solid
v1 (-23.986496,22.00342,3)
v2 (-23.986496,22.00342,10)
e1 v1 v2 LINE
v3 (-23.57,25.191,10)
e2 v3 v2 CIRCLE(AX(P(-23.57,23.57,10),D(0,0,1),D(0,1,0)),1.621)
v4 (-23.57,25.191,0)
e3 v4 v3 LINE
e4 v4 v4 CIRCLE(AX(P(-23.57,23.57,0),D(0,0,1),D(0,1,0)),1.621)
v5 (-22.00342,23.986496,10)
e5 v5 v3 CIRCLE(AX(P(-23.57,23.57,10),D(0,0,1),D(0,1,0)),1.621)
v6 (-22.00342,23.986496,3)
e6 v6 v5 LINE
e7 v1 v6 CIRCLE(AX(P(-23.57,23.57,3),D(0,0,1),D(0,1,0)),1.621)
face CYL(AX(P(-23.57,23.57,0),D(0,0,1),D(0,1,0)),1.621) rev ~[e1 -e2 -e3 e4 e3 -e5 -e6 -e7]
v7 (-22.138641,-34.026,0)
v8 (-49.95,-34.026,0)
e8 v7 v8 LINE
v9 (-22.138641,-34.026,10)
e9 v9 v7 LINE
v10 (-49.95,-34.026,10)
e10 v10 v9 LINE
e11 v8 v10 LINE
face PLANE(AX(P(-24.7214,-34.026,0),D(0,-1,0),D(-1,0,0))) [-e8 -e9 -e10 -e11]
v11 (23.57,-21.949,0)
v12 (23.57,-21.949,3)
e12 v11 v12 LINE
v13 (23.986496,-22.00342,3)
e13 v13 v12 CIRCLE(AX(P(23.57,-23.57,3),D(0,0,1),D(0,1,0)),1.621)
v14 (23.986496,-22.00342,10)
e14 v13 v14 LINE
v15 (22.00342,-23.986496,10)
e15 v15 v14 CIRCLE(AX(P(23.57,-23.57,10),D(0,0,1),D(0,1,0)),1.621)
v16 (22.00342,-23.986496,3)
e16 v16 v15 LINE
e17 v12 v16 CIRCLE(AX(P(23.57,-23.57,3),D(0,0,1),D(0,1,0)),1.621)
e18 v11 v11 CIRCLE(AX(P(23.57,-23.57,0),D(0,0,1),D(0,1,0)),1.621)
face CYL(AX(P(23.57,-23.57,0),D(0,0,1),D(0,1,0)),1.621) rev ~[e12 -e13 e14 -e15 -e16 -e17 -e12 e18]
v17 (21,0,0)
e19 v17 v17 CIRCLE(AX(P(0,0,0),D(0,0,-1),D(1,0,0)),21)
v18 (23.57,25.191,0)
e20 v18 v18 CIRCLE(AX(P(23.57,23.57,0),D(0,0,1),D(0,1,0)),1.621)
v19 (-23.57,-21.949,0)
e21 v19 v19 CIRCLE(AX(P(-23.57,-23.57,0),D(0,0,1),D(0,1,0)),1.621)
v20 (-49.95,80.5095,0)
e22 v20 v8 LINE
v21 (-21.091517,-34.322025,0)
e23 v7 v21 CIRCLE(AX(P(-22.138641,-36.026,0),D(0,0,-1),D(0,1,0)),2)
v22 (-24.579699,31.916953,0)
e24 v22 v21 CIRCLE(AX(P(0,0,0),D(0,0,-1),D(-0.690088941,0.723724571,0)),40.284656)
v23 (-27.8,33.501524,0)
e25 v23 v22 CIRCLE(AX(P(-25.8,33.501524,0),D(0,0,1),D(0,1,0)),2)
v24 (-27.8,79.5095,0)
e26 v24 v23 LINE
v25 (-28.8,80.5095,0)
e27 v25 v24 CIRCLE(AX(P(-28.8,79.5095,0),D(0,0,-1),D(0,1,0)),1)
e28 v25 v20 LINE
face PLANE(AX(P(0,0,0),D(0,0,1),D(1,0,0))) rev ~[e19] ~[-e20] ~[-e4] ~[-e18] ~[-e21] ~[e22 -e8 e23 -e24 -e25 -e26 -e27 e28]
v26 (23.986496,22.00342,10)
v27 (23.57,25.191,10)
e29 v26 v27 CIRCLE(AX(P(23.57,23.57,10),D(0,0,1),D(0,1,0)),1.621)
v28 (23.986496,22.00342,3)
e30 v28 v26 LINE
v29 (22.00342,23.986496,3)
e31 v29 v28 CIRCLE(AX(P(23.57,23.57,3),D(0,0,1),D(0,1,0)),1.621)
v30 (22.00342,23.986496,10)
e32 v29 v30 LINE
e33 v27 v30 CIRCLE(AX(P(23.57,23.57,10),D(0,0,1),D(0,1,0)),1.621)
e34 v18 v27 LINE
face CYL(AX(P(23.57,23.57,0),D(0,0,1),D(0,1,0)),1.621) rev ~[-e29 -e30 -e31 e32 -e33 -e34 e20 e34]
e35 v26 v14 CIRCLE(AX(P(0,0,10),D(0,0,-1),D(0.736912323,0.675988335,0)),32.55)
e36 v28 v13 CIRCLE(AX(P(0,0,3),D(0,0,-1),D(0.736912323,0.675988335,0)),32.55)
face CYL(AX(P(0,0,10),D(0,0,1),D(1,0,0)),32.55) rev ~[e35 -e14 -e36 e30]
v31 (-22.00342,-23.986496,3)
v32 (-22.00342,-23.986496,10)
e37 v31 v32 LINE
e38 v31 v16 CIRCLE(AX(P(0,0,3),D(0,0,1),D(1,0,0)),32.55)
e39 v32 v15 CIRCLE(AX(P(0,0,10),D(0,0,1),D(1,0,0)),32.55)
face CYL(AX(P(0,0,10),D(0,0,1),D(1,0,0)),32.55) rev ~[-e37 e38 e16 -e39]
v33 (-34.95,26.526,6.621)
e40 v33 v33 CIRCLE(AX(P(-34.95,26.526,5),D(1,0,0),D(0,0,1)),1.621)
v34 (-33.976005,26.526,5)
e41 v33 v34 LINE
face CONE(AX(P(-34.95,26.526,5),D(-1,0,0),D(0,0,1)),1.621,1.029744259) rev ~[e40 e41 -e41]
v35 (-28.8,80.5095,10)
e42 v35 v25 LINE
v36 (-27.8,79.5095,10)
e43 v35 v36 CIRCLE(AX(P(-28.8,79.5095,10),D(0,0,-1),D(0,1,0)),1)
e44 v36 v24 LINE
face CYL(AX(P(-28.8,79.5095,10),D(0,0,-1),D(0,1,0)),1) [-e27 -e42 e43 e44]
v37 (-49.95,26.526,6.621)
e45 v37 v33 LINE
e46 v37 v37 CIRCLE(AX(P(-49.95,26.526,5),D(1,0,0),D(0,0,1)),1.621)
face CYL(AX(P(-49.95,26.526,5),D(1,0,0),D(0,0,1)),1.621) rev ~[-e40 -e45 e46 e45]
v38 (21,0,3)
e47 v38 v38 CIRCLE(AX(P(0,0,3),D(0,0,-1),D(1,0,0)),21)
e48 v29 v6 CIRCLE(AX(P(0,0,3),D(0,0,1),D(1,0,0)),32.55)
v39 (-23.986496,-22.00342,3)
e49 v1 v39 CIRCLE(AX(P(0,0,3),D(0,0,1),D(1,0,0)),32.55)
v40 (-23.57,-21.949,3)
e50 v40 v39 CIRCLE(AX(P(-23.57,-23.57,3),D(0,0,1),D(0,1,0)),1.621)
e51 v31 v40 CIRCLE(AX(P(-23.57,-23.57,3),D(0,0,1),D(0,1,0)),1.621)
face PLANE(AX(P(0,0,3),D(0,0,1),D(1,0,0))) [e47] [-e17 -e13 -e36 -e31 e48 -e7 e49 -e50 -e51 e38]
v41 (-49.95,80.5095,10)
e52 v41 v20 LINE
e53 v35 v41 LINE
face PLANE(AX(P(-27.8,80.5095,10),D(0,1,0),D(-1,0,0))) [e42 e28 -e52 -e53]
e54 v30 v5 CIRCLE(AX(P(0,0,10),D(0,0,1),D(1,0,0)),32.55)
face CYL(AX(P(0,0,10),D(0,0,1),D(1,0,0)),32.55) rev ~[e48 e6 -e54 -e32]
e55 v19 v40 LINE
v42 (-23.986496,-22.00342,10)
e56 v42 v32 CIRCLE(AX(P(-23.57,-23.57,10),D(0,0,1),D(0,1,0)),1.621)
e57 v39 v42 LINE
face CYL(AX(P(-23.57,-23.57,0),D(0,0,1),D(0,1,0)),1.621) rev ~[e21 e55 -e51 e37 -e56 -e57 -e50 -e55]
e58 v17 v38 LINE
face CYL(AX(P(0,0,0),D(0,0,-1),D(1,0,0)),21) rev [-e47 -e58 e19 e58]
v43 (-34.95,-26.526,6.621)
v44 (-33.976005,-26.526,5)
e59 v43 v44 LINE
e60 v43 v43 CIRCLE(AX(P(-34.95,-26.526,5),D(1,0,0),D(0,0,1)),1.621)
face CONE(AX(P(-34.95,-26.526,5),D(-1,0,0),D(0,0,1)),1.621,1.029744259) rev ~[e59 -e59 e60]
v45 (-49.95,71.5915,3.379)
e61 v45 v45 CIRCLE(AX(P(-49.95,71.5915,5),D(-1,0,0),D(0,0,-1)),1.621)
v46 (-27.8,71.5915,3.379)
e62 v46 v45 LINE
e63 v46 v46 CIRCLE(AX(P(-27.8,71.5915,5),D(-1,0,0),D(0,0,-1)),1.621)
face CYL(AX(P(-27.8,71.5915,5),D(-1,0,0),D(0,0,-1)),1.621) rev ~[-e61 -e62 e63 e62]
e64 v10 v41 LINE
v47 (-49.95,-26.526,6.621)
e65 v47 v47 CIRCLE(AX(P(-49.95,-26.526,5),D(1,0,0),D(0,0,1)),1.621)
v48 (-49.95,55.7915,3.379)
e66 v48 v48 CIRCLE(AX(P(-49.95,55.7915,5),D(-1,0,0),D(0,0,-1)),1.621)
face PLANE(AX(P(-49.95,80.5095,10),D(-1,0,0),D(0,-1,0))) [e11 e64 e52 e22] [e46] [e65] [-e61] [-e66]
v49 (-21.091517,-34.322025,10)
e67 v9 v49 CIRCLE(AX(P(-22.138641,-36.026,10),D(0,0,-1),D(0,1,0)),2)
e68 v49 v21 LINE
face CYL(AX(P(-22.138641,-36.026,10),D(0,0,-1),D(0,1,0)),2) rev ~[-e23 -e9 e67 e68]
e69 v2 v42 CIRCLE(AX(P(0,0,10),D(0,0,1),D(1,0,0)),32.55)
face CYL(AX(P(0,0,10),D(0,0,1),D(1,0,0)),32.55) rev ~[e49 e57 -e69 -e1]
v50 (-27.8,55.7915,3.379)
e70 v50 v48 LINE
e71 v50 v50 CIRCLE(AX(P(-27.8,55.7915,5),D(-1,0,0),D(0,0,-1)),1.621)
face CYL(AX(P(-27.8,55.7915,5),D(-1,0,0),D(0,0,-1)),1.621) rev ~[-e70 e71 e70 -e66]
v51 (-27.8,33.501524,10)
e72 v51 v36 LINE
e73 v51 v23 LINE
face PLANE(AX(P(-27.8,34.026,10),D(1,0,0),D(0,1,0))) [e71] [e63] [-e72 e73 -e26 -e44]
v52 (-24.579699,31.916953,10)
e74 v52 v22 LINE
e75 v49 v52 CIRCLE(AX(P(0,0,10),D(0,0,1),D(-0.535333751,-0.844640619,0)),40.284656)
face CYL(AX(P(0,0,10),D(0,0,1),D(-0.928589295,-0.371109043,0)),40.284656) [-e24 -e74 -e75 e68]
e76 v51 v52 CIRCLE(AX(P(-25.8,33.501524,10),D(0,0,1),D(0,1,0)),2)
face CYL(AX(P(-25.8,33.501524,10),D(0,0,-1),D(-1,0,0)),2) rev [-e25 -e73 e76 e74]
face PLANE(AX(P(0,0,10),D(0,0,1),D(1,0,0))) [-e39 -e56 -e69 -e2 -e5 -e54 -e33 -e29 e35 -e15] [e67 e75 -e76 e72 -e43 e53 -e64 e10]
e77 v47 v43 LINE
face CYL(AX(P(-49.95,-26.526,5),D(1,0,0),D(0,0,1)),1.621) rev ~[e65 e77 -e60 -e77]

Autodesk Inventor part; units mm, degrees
ref_plane "YZ Plane" through (0, 0, 0) normal (1, 0, 0) x (0, 1, 0)
ref_plane "XZ Plane" through (0, 0, 0) normal (0, 1, 0) x (-1, 0, 0)
ref_plane "Work Plane1" through (0, 0, 0) normal (0, 0, 1) x (1, 0, 0)
sketch "Sketch1" plane through (0, 0, 0) normal (0, 0, 1) x (1, 0, 0)
  circle A0 centre (0, 0) radius 21 projected
  circle A1 centre (23.57, -23.57) radius 2 projected
  circle A2 centre (23.57, 23.57) radius 2 projected
  circle A3 centre (-23.57, -23.57) radius 2.5 projected
  circle A4 centre (-23.57, 23.57) radius 2 projected
  circle A5 centre (-23.57, -23.57) radius 2 projected
  circle A6 centre (0, 0) radius 19 projected
  circle A7 centre (-23.57, 23.57) radius 2.5 projected
  circle A8 centre (-23.57, -23.57) radius 2.5 projected
  arc A9 (-29.95, -24.95) -> (-24.95, -29.95) centre (-24.95, -24.95) ccw projected
  line L0 (24.95, -29.95) -> (-24.95, -29.95) projected
  arc A10 (24.95, -29.95) -> (29.95, -24.95) centre (24.95, -24.95) ccw projected
  line L1 (29.95, 24.95) -> (29.95, -24.95) projected
  arc A11 (29.95, 24.95) -> (24.95, 29.95) centre (24.95, 24.95) ccw projected
  line L2 (-24.95, 29.95) -> (24.95, 29.95) projected
  arc A12 (-24.95, 29.95) -> (-29.95, 24.95) centre (-24.95, 24.95) ccw projected
  line L3 (-29.95, -24.95) -> (-29.95, 24.95) projected
  circle A13 centre (23.57, -23.57) radius 2.5 projected
  circle A14 centre (23.57, 23.57) radius 2.5 projected
  line L4 (-49.95, -90) -> (-49.95, 90) projected
  line L5 (-59.95, -90) -> (-49.95, -90)
  line L6 (-59.95, 90) -> (-49.95, 90)
  line L7 (40.2846, 0) -> (-40.2846, 0)
  line L8 (-49.95, -90) -> (-49.95, 90) projected
  line L9 (-59.95, -90) -> (-49.95, -90)
  line L10 (-49.95, 35.5095) -> (-26.95, 35.5095) projected
  line L11 (-24.95, 29.95) -> (-49.95, 29.95)
  line L12 (-24.95, -29.95) -> (-49.95, -29.95)
  circle A15 centre (0, 0) radius 22
  line L13 (-32.95, 22) -> (-32.95, -22) projected
  line L14 (-30.95, -14.95) -> (-49.95, -14.95)
  line L15 (-30.95, 14.95) -> (-49.95, 14.95)
  line L16 (-30.95, -14.95) -> (-30.95, 14.95)
  line L17 (24.7214, -34.026) -> (0, -42.0585)
  line L18 (0, -42.0585) -> (-24.7214, -34.026)
  line L19 (-24.7214, -34.026) -> (-40, -12.9968)
  line L20 (-40, -12.9968) -> (-40, 12.9968)
  line L21 (-40, 12.9968) -> (-24.7214, 34.026)
  line L22 (-24.7214, 34.026) -> (0, 42.0585)
  line L23 (0, 42.0585) -> (24.7214, 34.026)
  line L24 (24.7214, 34.026) -> (40, 12.9968)
  line L25 (40, 12.9968) -> (40, -12.9968)
  line L26 (40, -12.9968) -> (24.7214, -34.026)
  line L27 (-24.7214, -34.026) -> (-49.95, -34.026)
  line L28 (-24.7214, 34.026) -> (-49.95, 34.026)
  arc A16 (-24.7214, -34.026) -> (-24.7214, 34.026) centre (0, 0) ccw projected
  line L29 (-24.7214, 34.026) -> (-27.8, 34.026) projected
  line L30 (-27.8, 34.026) -> (-27.8, 80.5095) projected
  line L31 (-27.8, 80.5095) -> (-49.95, 80.5095) projected
  line L32 (-49.95, 80.5095) -> (-49.95, 14.95) projected
  line L33 (-49.95, 14.95) -> (-35.95, 14.95) projected
  arc A17 (-30.95, 9.95) -> (-35.95, 14.95) centre (-35.95, 9.95) ccw projected
  line L34 (-30.95, 9.95) -> (-30.95, -9.95) projected
  arc A18 (-35.95, -14.95) -> (-30.95, -9.95) centre (-35.95, -9.95) ccw projected
  line L35 (-35.95, -14.95) -> (-49.95, -14.95) projected
  line L36 (-49.95, -14.95) -> (-49.95, -34.026) projected
  line L37 (-49.95, -34.026) -> (-24.7214, -34.026) projected
  circle A19 centre (15.9909, -0.539) radius 1.6 projected
  circle A20 centre (-11.6884, -10.9261) radius 2 projected
  circle A21 centre (11.6884, 10.9261) radius 2 projected
  circle A22 centre (10.9261, -11.6884) radius 2 projected
  circle A23 centre (-15.9909, 0.539) radius 1.6 projected
  circle A24 centre (-0.539, -15.9909) radius 1.6 projected
  circle A25 centre (0, 0) radius 12.5 projected
  circle A26 centre (0.539, 15.9909) radius 1.6 projected
  circle A27 centre (-10.9261, 11.6884) radius 2 projected
  point P0 (0, 0)
  point P1 (-23.2856, -45.1645)
  point P2 (-49.95, -75.9684)
  point P3 (-23.2856, 45.1645)
  point P4 (-49.95, -14.95)
  point P5 (-32.95, 13.95)
  point P6 (-32.95, 14.95)
  dimension "d9" = 1
  dimension "d10" = 15
  dimension "d11" = 15
  dimension "d12" = 1
  dimension "d13" = 40
extrude "Extrusion1" add sketch "Sketch1" along normal blind 10 contours L7 A15 A0 | A0 L7 A15 | A15 L7 L3 A12 L2 A11 L1 | L7 L1 A10 L0 A9 L3 A15 | L7 L25 L26 L17 L18 L19 L12 L0 A10 L1 | L1 A11 L2 L11 L21 L22 L23 L24 L25 L7 | L7 L16 L15 L21 L11 A12 L3 | L3 A9 L12 L19 L14 L16 L7 | L25 A16 | L16 A18 L13 L7 | L7 L13 A17 L16 | L24 A16 | A16 L26 | L13 A18 L14 L19 L20 L7 | L7 L20 L21 L15 A17 L13 | L16 L14 L13 A18 | A17 L13 L15 L16 | L23 A16 | A16 L17 | L19 L27 L4 L12 | L12 L4 L14 L19 | L21 L15 L4 L11 | L11 L4 L28 L21 | L20 L19 L14 L4 L15 L21 | A17 L15 L13 | L13 L14 A18 | L22 A16 | A16 L18 | A1 | A2 | A3 | A4 | A5 | A7 | A13 | A14
sketch "Sketch2" plane through (-49.95, -34.026, 0) normal (-1, 0, 0) x (0, 0, 1)
  line L0 (0, 68.0521) -> (0, 0) projected
  line L1 (0, 0) -> (10, 0) projected
  line L2 (10, 68.0521) -> (10, 0) projected
  line L3 (0, 68.0521) -> (0, 0) projected
  line L4 (10, 68.0521) -> (10, 0) projected
  line L5 (0, 68.0521) -> (10, 68.0521) projected
  line L6 (0, 0) -> (10, 0) projected
  line L7 (0, 68.0521) -> (10, 68.0521) projected
  point P0 (0, 34.026)
  point P1 (5, 7.5)
  point P2 (5, 60.5521)
  point P3 (5, 68.0521)
  point P4 (5, 19.076)
  dimension "d24" = 7.5
  dimension "d25" = 7.5
hole "Hole1" at (-49.95, 26.526, 5) at (-49.95, -26.526, 5) direction (1, 0, 0) diameter 3.242 depth 15 tip angle 118 thread size "M4x0.7" class "6H" standard "ISO Metric profile"
sketch "Sketch3" plane through (0, 0, 10) normal (0, 0, 1) x (1, 0, 0)
  arc A0 (-24.7214, -34.026) -> (-24.7214, 34.026) centre (0, 0) ccw projected
  line L0 (-24.7214, 34.026) -> (-27.8, 34.026) projected
  line L1 (-27.8, 34.026) -> (-27.8, 80.5095) projected
  line L2 (-27.8, 80.5095) -> (-49.95, 80.5095) projected
  line L3 (-49.95, 80.5095) -> (-49.95, 14.95) projected
  line L4 (-49.95, 14.95) -> (-35.95, 14.95) projected
  arc A1 (-30.95, 9.95) -> (-35.95, 14.95) centre (-35.95, 9.95) ccw projected
  line L5 (-30.95, 9.95) -> (-30.95, -9.95) projected
  arc A2 (-35.95, -14.95) -> (-30.95, -9.95) centre (-35.95, -9.95) ccw projected
  line L6 (-35.95, -14.95) -> (-49.95, -14.95) projected
  line L7 (-49.95, -14.95) -> (-49.95, -34.026) projected
  line L8 (-49.95, -34.026) -> (-24.7214, -34.026) projected
  circle A3 centre (15.9909, -0.539) radius 1.6 projected
  circle A4 centre (-11.6884, -10.9261) radius 2 projected
  circle A5 centre (11.6884, 10.9261) radius 2 projected
  circle A6 centre (10.9261, -11.6884) radius 2 projected
  circle A7 centre (-15.9909, 0.539) radius 1.6 projected
  circle A8 centre (-0.539, -15.9909) radius 1.6 projected
  circle A9 centre (0, 0) radius 12.5 projected
  circle A10 centre (0.539, 15.9909) radius 1.6 projected
  circle A11 centre (-10.9261, 11.6884) radius 2 projected
  circle A12 centre (0, 0) radius 19 projected
  circle A13 centre (-23.57, 23.57) radius 2.5 projected
  circle A14 centre (-23.57, -23.57) radius 2.5 projected
  arc A15 (-29.95, -24.95) -> (-24.95, -29.95) centre (-24.95, -24.95) ccw projected
  line L9 (24.95, -29.95) -> (-24.95, -29.95) projected
  arc A16 (24.95, -29.95) -> (29.95, -24.95) centre (24.95, -24.95) ccw projected
  line L10 (29.95, 24.95) -> (29.95, -24.95) projected
  arc A17 (29.95, 24.95) -> (24.95, 29.95) centre (24.95, 24.95) ccw projected
  line L11 (-24.95, 29.95) -> (24.95, 29.95) projected
  arc A18 (-24.95, 29.95) -> (-29.95, 24.95) centre (-24.95, 24.95) ccw projected
  line L12 (-29.95, -24.95) -> (-29.95, 24.95) projected
  circle A19 centre (23.57, -23.57) radius 2.5 projected
  circle A20 centre (23.57, 23.57) radius 2.5 projected
  arc A21 (-37.4079, -14.95) -> (-37.4079, 14.95) centre (0, 0) ccw
  line L13 (-27.8, 34.026) -> (-27.8, 29.155)
  line L14 (-49.95, -34.026) -> (-21.5657, -34.026)
  line L15 (-49.95, -34.026) -> (-24.7214, -34.026) projected
  point P0 (0, 0)
  point P1 (-24.7214, -34.026)
extrude "Extrusion2" cut sketch "Sketch3" against normal blind 10 contours L14 A21 L13 L0 A0
sketch "Sketch4" plane through (0, 0, 10) normal (0, 0, 1) x (1, 0, 0)
  arc A0 (-24.7214, -34.026) -> (-24.7214, 34.026) centre (0, 0) ccw projected
  line L0 (-24.7214, 34.026) -> (-27.8, 34.026) projected
  line L1 (-27.8, 34.026) -> (-27.8, 80.5095) projected
  line L2 (-27.8, 80.5095) -> (-49.95, 80.5095) projected
  line L3 (-49.95, 80.5095) -> (-49.95, 14.95) projected
  line L4 (-49.95, 14.95) -> (-35.95, 14.95) projected
  arc A1 (-30.95, 9.95) -> (-35.95, 14.95) centre (-35.95, 9.95) ccw projected
  line L5 (-30.95, 9.95) -> (-30.95, -9.95) projected
  arc A2 (-35.95, -14.95) -> (-30.95, -9.95) centre (-35.95, -9.95) ccw projected
  line L6 (-35.95, -14.95) -> (-49.95, -14.95) projected
  line L7 (-49.95, -14.95) -> (-49.95, -34.026) projected
  line L8 (-49.95, -34.026) -> (-24.7214, -34.026) projected
  circle A3 centre (15.9909, -0.539) radius 1.6 projected
  circle A4 centre (-11.6884, -10.9261) radius 2 projected
  circle A5 centre (11.6884, 10.9261) radius 2 projected
  circle A6 centre (10.9261, -11.6884) radius 2 projected
  circle A7 centre (-15.9909, 0.539) radius 1.6 projected
  circle A8 centre (-0.539, -15.9909) radius 1.6 projected
  circle A9 centre (0, 0) radius 12.5 projected
  circle A10 centre (0.539, 15.9909) radius 1.6 projected
  circle A11 centre (-10.9261, 11.6884) radius 2 projected
  line L9 (-49.95, -90) -> (-49.95, 90) projected
  line L10 (-59.95, 90) -> (-49.95, 90)
  line L11 (-49.95, -90) -> (-49.95, 90) projected
  line L12 (-27.8, 29.155) -> (-27.8, 34.026) projected
  line L13 (-27.8, 34.026) -> (-49.95, 34.026) projected
  line L14 (-49.95, 34.026) -> (-49.95, -34.026) projected
  line L15 (-49.95, -34.026) -> (-21.5657, -34.026) projected
  arc A12 (-21.5657, -34.026) -> (-27.8, 29.155) centre (0, 0) ccw projected
  circle A13 centre (0, 0) radius 21 projected
  point P0 (0, 0)
extrude "Extrusion3" add sketch "Sketch4" against normal blind 10 contours L13 L3 L2 L1
fillet "Fillet1" radius 2 2 edges at (-27.8, 29.155, 5) (-21.5657, -34.026, 5)
fillet "Fillet2" radius 1 1 edges at (-27.8, 80.5095, 5)
sketch "Sketch5" plane through (-27.8, 33.5015, 10) normal (1, 0, 0) x (0, 0, -1)
  arc A0 (8, 9.19) -> (10, 11.19) centre (8, 11.19) ccw projected
  line L0 (10, 49.19) -> (10, 11.19) projected
  arc A1 (10, 49.19) -> (8, 51.19) centre (8, 49.19) ccw projected
  line L1 (-60.5, 51.19) -> (8, 51.19) projected
  arc A2 (-60.5, 51.19) -> (-62.5, 49.19) centre (-60.5, 49.19) ccw projected
  line L2 (-62.5, 11.19) -> (-62.5, 49.19) projected
  arc A3 (-62.5, 11.19) -> (-60.5, 9.19) centre (-60.5, 11.19) ccw projected
  line L3 (8, 9.19) -> (-60.5, 9.19) projected
  circle A4 centre (-26.25, 30.19) radius 12.6 projected
  circle A5 centre (-26.25, 14.19) radius 2 projected
  arc A6 (-59.6, 14.79) -> (-55.4, 14.79) centre (-57.5, 14.79) ccw projected
  line L4 (-59.6, 45.59) -> (-59.6, 14.79) projected
  arc A7 (-55.4, 45.59) -> (-59.6, 45.59) centre (-57.5, 45.59) ccw projected
  line L5 (-55.4, 14.79) -> (-55.4, 45.59) projected
  circle A8 centre (-42.25, 30.19) radius 2 projected
  circle A9 centre (-37.5637, 18.8763) radius 1.5 projected
  circle A10 centre (-37.5637, 41.5037) radius 1.5 projected
  circle A11 centre (-14.9363, 18.8763) radius 1.5 projected
  arc A12 (7.1, 45.59) -> (2.9, 45.59) centre (5, 45.59) ccw projected
  line L6 (7.1, 14.79) -> (7.1, 45.59) projected
  arc A13 (2.9, 14.79) -> (7.1, 14.79) centre (5, 14.79) ccw projected
  line L7 (2.9, 45.59) -> (2.9, 14.79) projected
  circle A14 centre (-10.25, 30.19) radius 2 projected
  circle A15 centre (-14.9363, 41.5037) radius 1.5 projected
  circle A16 centre (-26.25, 46.19) radius 2 projected
  circle A17 centre (-57.5, 11.46) radius 1.621 projected
  circle A18 centre (-57.5, 26.86) radius 1.621 projected
  arc A19 (8, 9.19) -> (10, 11.19) centre (8, 11.19) ccw projected
  line L8 (10, 49.19) -> (10, 11.19) projected
  arc A20 (10, 49.19) -> (8, 51.19) centre (8, 49.19) ccw projected
  line L9 (-60.5, 51.19) -> (8, 51.19) projected
  arc A21 (-60.5, 51.19) -> (-62.5, 49.19) centre (-60.5, 49.19) ccw projected
  line L10 (-62.5, 11.19) -> (-62.5, 49.19) projected
  arc A22 (-62.5, 11.19) -> (-60.5, 9.19) centre (-60.5, 11.19) ccw projected
  line L11 (8, 9.19) -> (-60.5, 9.19) projected
  circle A23 centre (-26.25, 30.19) radius 12.6 projected
  circle A24 centre (-26.25, 14.19) radius 2 projected
  arc A25 (-59.6, 14.79) -> (-55.4, 14.79) centre (-57.5, 14.79) ccw projected
  line L12 (-59.6, 45.59) -> (-59.6, 14.79) projected
  arc A26 (-55.4, 45.59) -> (-59.6, 45.59) centre (-57.5, 45.59) ccw projected
  line L13 (-55.4, 14.79) -> (-55.4, 45.59) projected
  circle A27 centre (-42.25, 30.19) radius 2 projected
  circle A28 centre (-37.5637, 18.8763) radius 1.5 projected
  circle A29 centre (-37.5637, 41.5037) radius 1.5 projected
  circle A30 centre (-14.9363, 18.8763) radius 1.5 projected
  arc A31 (7.1, 45.59) -> (2.9, 45.59) centre (5, 45.59) ccw projected
  line L14 (7.1, 14.79) -> (7.1, 45.59) projected
  arc A32 (2.9, 14.79) -> (7.1, 14.79) centre (5, 14.79) ccw projected
  line L15 (2.9, 45.59) -> (2.9, 14.79) projected
  circle A33 centre (-10.25, 30.19) radius 2 projected
  circle A34 centre (-14.9363, 41.5037) radius 1.5 projected
  circle A35 centre (-26.25, 46.19) radius 2 projected
  arc A36 (8, 9.19) -> (10, 11.19) centre (8, 11.19) ccw projected
  line L16 (10, 49.19) -> (10, 11.19) projected
  arc A37 (10, 49.19) -> (8, 51.19) centre (8, 49.19) ccw projected
  line L17 (-60.5, 51.19) -> (8, 51.19) projected
  arc A38 (-60.5, 51.19) -> (-62.5, 49.19) centre (-60.5, 49.19) ccw projected
  line L18 (-62.5, 11.19) -> (-62.5, 49.19) projected
  arc A39 (-62.5, 11.19) -> (-60.5, 9.19) centre (-60.5, 11.19) ccw projected
  line L19 (8, 9.19) -> (-60.5, 9.19) projected
  circle A40 centre (-26.25, 30.19) radius 12.6 projected
  circle A41 centre (-26.25, 14.19) radius 2 projected
  arc A42 (-59.6, 14.79) -> (-55.4, 14.79) centre (-57.5, 14.79) ccw projected
  line L20 (-59.6, 45.59) -> (-59.6, 14.79) projected
  arc A43 (-55.4, 45.59) -> (-59.6, 45.59) centre (-57.5, 45.59) ccw projected
  line L21 (-55.4, 14.79) -> (-55.4, 45.59) projected
  circle A44 centre (-42.25, 30.19) radius 2 projected
  circle A45 centre (-37.5637, 18.8763) radius 1.5 projected
  circle A46 centre (-37.5637, 41.5037) radius 1.5 projected
  circle A47 centre (-14.9363, 18.8763) radius 1.5 projected
  arc A48 (7.1, 45.59) -> (2.9, 45.59) centre (5, 45.59) ccw projected
  line L22 (7.1, 14.79) -> (7.1, 45.59) projected
  arc A49 (2.9, 14.79) -> (7.1, 14.79) centre (5, 14.79) ccw projected
  line L23 (2.9, 45.59) -> (2.9, 14.79) projected
  circle A50 centre (-10.25, 30.19) radius 2 projected
  circle A51 centre (-14.9363, 41.5037) radius 1.5 projected
  circle A52 centre (-26.25, 46.19) radius 2 projected
  point P0 (10, -33.5015)
  point P1 (5, 22.29)
  point P2 (5, 38.09)
  dimension "d47" = 7.5
  dimension "d48" = 7.5
hole "Hole2" at (-27.8, 55.7915, 5) at (-27.8, 71.5915, 5) direction (-1, 0, 0) diameter 3.242 depth 22.15 thread size "M4x0.7" class "6H" standard "ISO Metric profile"
sketch "Sketch7" plane through (0, 0, 10) normal (0, 0, 1) x (1, 0, 0)
  circle A0 centre (0, 0) radius 32.55
  dimension "d49" = 65.1
extrude "Extrusion5" cut sketch "Sketch7" against normal blind 7
sketch "Sketch10" plane through (0, 0, 0) normal (0, 0, -1) x (-1, 0, 0)
  point P0 (0, 0)
  point P1 (-23.57, -23.57)
  point P2 (-23.57, 23.57)
  point P3 (23.57, 23.57)
  point P4 (23.57, -23.57)
hole "Hole3" at (23.57, -23.57, 0) at (23.57, 23.57, 0) at (-23.57, 23.57, 0) at (-23.57, -23.57, 0) direction (0, 0, 1) diameter 3.242 depth 12 tip angle 118 thread size "M4x0.7" class "6H" standard "ISO Metric profile"
equation "\"d11\" = d10"
equation "\"d25\" = d24"
equation "\"d48\" = d47"
properties part number "motorFrame" material "Aluminum 6061"
